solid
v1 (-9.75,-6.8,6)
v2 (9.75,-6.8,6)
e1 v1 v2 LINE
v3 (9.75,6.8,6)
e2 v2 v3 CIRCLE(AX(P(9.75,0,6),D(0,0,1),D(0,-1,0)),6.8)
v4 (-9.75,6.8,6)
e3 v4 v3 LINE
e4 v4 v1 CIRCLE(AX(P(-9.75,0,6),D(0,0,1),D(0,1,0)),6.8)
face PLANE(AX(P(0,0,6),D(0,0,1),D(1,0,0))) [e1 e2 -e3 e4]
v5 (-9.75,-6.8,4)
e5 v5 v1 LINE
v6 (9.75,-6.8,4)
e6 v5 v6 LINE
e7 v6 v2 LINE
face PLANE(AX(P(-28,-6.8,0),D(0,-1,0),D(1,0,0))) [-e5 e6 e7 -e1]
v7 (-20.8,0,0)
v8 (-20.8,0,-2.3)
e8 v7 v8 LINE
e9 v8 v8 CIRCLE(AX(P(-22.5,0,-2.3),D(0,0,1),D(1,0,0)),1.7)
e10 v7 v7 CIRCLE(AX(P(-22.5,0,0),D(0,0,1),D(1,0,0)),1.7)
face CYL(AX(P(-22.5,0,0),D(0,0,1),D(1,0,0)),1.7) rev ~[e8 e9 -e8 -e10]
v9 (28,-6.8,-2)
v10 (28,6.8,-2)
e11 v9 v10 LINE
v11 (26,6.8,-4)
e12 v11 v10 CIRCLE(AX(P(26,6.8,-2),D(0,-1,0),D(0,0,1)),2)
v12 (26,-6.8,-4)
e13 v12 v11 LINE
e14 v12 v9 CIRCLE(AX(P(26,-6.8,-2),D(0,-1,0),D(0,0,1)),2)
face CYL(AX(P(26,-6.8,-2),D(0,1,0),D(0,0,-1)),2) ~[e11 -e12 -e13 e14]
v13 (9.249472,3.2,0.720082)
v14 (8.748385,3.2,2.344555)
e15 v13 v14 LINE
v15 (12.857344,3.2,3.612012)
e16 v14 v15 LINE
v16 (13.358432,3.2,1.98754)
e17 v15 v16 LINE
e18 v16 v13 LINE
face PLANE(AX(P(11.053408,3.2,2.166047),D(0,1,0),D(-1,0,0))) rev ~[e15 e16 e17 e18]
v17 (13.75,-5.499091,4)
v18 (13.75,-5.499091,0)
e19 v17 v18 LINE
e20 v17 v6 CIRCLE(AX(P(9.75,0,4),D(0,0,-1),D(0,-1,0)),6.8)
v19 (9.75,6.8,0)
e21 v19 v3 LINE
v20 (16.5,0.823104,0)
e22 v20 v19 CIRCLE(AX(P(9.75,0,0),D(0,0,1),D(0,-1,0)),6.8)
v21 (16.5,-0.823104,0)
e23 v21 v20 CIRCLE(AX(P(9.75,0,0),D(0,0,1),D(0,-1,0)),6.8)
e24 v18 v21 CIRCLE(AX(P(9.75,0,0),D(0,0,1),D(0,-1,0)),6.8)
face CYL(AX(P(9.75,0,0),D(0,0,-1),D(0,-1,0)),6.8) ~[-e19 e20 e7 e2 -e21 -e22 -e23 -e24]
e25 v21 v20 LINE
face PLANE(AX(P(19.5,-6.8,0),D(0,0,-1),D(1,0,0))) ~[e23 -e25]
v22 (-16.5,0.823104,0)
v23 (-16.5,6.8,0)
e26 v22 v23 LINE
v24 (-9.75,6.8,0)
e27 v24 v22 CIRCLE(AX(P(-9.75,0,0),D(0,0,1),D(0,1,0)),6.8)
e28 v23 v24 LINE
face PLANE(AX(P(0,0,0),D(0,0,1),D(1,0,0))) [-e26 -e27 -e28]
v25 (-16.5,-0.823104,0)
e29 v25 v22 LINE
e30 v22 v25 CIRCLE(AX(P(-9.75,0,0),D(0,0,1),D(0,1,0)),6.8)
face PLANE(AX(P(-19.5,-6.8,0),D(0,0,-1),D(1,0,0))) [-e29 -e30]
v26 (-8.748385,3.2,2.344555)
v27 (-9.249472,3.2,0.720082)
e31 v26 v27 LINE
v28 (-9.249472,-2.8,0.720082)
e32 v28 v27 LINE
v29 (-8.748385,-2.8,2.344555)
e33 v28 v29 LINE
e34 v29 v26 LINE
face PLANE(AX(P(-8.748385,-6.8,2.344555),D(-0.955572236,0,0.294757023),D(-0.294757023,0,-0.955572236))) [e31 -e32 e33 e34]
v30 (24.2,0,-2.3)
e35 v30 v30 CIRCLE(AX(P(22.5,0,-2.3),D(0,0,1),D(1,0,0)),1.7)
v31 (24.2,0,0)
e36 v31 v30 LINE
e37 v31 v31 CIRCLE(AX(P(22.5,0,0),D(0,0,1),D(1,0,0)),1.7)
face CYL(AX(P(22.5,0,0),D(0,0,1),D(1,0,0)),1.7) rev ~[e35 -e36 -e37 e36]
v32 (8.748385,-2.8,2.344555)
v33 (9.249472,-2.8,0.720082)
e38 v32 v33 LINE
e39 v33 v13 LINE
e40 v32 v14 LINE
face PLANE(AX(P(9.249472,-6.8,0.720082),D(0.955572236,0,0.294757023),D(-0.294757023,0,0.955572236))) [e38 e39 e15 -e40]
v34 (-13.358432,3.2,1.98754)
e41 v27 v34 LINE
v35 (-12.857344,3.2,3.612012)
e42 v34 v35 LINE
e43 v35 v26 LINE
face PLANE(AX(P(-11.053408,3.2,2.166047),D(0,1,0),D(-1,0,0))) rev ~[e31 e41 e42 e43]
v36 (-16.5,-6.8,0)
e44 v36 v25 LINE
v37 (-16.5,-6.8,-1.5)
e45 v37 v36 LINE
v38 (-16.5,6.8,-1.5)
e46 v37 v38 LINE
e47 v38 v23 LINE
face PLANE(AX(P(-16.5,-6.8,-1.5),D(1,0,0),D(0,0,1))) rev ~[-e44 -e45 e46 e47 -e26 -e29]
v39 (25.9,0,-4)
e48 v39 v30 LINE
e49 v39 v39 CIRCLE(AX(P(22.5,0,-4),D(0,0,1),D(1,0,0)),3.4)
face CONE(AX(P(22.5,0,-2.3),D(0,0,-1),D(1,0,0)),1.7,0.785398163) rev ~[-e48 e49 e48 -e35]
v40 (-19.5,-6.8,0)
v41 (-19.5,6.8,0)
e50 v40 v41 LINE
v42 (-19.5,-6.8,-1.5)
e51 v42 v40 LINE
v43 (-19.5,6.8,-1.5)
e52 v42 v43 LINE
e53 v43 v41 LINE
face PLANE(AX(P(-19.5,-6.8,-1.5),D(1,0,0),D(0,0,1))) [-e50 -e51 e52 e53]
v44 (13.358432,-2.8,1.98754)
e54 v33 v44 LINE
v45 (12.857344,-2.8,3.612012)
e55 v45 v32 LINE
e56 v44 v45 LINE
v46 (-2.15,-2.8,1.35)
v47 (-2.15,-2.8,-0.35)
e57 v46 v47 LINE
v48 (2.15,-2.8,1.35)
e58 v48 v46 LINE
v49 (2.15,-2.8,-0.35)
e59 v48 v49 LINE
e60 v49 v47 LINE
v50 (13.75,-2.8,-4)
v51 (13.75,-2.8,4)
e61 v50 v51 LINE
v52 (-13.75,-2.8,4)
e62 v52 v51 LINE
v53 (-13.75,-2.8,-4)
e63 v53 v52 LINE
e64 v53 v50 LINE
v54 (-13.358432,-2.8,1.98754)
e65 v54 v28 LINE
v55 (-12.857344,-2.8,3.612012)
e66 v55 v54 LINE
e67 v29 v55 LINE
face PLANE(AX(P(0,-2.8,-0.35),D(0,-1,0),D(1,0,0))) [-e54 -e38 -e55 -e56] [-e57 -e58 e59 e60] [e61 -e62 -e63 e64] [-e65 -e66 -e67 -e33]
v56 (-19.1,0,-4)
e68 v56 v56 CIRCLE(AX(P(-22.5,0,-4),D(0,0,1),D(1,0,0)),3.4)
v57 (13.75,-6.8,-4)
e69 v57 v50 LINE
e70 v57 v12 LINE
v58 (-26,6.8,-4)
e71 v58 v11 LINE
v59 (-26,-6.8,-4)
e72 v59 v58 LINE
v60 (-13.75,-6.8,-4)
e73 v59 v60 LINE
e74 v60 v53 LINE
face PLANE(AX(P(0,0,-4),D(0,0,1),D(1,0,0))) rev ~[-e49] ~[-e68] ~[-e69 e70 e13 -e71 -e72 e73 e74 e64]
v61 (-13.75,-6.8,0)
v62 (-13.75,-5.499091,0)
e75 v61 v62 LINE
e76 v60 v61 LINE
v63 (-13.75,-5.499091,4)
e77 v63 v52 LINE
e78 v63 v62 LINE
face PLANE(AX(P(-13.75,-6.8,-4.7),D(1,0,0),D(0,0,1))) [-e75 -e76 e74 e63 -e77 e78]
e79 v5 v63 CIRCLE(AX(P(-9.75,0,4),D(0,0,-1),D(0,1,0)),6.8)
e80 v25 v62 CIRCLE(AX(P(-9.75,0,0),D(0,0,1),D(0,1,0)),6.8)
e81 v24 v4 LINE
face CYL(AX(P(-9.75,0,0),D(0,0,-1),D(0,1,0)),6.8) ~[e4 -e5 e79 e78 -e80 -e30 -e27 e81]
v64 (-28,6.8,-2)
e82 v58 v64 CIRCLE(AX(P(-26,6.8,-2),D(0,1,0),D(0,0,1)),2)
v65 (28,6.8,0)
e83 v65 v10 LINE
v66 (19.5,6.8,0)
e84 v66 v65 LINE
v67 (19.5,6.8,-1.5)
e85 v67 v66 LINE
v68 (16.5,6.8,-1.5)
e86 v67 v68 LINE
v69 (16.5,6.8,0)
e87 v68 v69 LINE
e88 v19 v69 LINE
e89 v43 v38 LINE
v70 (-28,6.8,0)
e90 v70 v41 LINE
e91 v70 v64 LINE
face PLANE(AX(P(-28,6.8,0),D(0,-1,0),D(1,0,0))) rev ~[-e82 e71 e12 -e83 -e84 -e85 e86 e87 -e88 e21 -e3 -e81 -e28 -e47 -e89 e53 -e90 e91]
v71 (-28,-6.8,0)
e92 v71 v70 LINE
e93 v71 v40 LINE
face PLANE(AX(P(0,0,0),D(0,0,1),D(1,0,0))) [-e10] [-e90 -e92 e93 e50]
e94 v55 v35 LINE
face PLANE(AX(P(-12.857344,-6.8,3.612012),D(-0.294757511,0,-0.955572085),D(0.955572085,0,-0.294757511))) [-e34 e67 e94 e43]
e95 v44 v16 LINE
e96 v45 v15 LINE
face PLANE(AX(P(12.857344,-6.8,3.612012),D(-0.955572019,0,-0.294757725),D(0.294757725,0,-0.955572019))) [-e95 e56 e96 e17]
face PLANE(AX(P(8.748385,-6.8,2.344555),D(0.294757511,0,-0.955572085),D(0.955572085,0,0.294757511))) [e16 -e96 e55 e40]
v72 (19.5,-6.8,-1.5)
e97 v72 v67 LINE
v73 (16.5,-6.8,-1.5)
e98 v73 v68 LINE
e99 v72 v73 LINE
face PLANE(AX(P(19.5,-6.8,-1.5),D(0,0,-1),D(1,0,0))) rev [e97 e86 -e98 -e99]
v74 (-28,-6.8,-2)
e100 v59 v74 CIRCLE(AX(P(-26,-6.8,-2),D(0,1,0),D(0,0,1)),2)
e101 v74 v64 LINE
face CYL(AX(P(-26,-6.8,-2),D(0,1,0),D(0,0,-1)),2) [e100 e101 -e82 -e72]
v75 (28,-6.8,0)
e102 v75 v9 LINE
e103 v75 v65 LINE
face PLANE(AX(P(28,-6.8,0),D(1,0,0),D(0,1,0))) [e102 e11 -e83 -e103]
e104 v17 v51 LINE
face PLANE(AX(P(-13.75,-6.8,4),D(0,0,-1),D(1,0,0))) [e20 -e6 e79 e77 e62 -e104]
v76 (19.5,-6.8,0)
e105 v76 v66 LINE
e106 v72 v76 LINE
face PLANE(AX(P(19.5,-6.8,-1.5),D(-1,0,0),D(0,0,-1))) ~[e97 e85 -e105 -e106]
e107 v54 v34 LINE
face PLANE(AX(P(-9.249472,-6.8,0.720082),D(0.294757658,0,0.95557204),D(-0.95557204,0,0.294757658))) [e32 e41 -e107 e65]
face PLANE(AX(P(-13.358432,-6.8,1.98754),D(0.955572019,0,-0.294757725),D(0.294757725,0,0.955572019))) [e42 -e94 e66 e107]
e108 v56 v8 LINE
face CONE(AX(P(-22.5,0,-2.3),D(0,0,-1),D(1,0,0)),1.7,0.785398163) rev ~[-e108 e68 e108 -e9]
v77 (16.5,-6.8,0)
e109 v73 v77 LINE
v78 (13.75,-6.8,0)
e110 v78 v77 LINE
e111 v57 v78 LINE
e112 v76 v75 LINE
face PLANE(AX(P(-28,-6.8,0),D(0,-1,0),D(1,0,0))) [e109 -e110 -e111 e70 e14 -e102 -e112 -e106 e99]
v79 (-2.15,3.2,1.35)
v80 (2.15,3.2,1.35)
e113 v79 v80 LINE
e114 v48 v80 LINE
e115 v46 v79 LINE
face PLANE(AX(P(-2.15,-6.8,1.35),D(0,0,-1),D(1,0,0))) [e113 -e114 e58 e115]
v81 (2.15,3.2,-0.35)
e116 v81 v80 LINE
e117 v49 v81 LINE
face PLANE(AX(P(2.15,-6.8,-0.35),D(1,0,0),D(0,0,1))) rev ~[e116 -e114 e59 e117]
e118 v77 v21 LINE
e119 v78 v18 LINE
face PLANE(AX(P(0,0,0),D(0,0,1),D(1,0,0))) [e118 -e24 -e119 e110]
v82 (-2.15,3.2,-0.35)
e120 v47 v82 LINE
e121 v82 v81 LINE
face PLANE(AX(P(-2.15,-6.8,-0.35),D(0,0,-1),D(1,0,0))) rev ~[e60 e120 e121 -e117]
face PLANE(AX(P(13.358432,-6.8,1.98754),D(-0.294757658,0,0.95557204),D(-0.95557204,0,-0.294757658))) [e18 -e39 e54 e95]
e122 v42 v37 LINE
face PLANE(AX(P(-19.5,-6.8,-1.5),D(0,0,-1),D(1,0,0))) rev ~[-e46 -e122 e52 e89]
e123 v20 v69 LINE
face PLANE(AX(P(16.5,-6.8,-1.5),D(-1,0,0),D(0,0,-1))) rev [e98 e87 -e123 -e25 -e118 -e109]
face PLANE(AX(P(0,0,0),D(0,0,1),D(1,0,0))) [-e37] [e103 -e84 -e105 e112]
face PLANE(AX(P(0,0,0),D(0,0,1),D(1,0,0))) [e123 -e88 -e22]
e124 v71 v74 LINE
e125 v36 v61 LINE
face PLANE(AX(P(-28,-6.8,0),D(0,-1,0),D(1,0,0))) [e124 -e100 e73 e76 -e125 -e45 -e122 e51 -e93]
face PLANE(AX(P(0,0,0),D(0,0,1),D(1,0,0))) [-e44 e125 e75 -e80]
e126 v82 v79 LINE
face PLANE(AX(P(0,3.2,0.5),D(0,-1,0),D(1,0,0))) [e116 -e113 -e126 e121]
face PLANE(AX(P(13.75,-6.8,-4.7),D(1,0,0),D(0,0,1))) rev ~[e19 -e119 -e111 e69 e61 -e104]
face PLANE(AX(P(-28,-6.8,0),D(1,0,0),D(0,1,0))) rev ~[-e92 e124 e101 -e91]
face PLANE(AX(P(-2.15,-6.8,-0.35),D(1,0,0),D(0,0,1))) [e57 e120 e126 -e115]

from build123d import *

# Parameters (mm, degrees)
SKETCH_W        = 56
SKETCH_H        = 13.6
SKETCH_R        = 1.7
PAD_DEPTH       = 4
PAD001_DEPTH    = 6
SKETCH002_W     = 4.3
SKETCH002_H     = 1.7
POCKET_DEPTH    = 10
SKETCH003_W     = 27.5
SKETCH003_H     = 8.7
POCKET001_DEPTH = 4
SKETCH004_W     = 3
SKETCH004_H     = 1.5
POCKET002_DEPTH = 130.578947
CHAMFER_SIZE    = 1.7
CHAMFER001_SIZE = 1.7
FILLET_R        = 2
FILLET001_R     = 2


with BuildPart() as part:
    # Sketch → Pad (new body)
    with BuildSketch(Plane.XY):
        Rectangle(SKETCH_W, SKETCH_H)
        with Locations((-22.5, 0)):
            Circle(SKETCH_R, mode=Mode.SUBTRACT)
        with Locations((22.5, 0)):
            Circle(SKETCH_R, mode=Mode.SUBTRACT)
    extrude(amount=-PAD_DEPTH)

    # Sketch001 → Pad001 (new body)
    with BuildSketch(Plane.XY):
        with BuildLine():
            ThreePointArc((-9.75, 6.8), (-16.55, 0), (-9.75, -6.8))
            Line((-9.75, -6.8), (9.75, -6.8))
            ThreePointArc((9.75, -6.8), (16.55, 0), (9.75, 6.8))
            Line((-9.75, 6.8), (9.75, 6.8))
        make_face()
    extrude(amount=PAD001_DEPTH)

    # Sketch002 → Pocket (cut)
    with BuildSketch(Plane.XZ.offset(6.8)):
        Polygon((-12.857344, 3.612012), (-8.748385, 2.344555), (-9.249472, 0.720082), (-13.358432, 1.98754), align=None)
        with Locations((0, 0.5)):
            Rectangle(SKETCH002_W, SKETCH002_H)
        Polygon((8.748385, 2.344555), (12.857344, 3.612012), (13.358432, 1.98754), (9.249472, 0.720082), align=None)
    extrude(amount=-POCKET_DEPTH, mode=Mode.SUBTRACT)

    # Sketch003 → Pocket001 (cut)
    with BuildSketch(Plane.XZ.offset(6.8)):
        with Locations((0, -0.35)):
            Rectangle(SKETCH003_W, SKETCH003_H)
    extrude(amount=-POCKET001_DEPTH, mode=Mode.SUBTRACT)

    # Sketch004 → Pocket002 (cut, through all)
    with BuildSketch(Plane.XZ.offset(6.8)):
        with Locations((-18, -0.75)):
            Rectangle(SKETCH004_W, SKETCH004_H)
    pocket002 = extrude(amount=-POCKET002_DEPTH, mode=Mode.SUBTRACT)

    # Mirrored: Pocket002 across Sketch004 V_Axis
    add(pocket002.mirror(Plane(origin=(0, -6.8, 0), x_dir=(0, -1, 0), z_dir=(1, 0, 0))), mode=Mode.SUBTRACT)

    # Chamfer
    chamfer_edges = [part.edges().sort_by_distance(p)[0] for p in [
        (-24.2, 0, -4),
    ]]
    chamfer(chamfer_edges, length=CHAMFER_SIZE)

    # Chamfer001
    chamfer001_edges = [part.edges().sort_by_distance(p)[0] for p in [
        (20.8, 0, -4),
    ]]
    chamfer(chamfer001_edges, length=CHAMFER001_SIZE)

    # Fillet
    fillet_edges = [part.edges().sort_by_distance(p)[0] for p in [
        (-28, 0, -4),
    ]]
    fillet(fillet_edges, radius=FILLET_R)

    # Fillet001
    fillet001_edges = [part.edges().sort_by_distance(p)[0] for p in [
        (28, 0, -4),
    ]]
    fillet(fillet001_edges, radius=FILLET001_R)


solid = part.part
